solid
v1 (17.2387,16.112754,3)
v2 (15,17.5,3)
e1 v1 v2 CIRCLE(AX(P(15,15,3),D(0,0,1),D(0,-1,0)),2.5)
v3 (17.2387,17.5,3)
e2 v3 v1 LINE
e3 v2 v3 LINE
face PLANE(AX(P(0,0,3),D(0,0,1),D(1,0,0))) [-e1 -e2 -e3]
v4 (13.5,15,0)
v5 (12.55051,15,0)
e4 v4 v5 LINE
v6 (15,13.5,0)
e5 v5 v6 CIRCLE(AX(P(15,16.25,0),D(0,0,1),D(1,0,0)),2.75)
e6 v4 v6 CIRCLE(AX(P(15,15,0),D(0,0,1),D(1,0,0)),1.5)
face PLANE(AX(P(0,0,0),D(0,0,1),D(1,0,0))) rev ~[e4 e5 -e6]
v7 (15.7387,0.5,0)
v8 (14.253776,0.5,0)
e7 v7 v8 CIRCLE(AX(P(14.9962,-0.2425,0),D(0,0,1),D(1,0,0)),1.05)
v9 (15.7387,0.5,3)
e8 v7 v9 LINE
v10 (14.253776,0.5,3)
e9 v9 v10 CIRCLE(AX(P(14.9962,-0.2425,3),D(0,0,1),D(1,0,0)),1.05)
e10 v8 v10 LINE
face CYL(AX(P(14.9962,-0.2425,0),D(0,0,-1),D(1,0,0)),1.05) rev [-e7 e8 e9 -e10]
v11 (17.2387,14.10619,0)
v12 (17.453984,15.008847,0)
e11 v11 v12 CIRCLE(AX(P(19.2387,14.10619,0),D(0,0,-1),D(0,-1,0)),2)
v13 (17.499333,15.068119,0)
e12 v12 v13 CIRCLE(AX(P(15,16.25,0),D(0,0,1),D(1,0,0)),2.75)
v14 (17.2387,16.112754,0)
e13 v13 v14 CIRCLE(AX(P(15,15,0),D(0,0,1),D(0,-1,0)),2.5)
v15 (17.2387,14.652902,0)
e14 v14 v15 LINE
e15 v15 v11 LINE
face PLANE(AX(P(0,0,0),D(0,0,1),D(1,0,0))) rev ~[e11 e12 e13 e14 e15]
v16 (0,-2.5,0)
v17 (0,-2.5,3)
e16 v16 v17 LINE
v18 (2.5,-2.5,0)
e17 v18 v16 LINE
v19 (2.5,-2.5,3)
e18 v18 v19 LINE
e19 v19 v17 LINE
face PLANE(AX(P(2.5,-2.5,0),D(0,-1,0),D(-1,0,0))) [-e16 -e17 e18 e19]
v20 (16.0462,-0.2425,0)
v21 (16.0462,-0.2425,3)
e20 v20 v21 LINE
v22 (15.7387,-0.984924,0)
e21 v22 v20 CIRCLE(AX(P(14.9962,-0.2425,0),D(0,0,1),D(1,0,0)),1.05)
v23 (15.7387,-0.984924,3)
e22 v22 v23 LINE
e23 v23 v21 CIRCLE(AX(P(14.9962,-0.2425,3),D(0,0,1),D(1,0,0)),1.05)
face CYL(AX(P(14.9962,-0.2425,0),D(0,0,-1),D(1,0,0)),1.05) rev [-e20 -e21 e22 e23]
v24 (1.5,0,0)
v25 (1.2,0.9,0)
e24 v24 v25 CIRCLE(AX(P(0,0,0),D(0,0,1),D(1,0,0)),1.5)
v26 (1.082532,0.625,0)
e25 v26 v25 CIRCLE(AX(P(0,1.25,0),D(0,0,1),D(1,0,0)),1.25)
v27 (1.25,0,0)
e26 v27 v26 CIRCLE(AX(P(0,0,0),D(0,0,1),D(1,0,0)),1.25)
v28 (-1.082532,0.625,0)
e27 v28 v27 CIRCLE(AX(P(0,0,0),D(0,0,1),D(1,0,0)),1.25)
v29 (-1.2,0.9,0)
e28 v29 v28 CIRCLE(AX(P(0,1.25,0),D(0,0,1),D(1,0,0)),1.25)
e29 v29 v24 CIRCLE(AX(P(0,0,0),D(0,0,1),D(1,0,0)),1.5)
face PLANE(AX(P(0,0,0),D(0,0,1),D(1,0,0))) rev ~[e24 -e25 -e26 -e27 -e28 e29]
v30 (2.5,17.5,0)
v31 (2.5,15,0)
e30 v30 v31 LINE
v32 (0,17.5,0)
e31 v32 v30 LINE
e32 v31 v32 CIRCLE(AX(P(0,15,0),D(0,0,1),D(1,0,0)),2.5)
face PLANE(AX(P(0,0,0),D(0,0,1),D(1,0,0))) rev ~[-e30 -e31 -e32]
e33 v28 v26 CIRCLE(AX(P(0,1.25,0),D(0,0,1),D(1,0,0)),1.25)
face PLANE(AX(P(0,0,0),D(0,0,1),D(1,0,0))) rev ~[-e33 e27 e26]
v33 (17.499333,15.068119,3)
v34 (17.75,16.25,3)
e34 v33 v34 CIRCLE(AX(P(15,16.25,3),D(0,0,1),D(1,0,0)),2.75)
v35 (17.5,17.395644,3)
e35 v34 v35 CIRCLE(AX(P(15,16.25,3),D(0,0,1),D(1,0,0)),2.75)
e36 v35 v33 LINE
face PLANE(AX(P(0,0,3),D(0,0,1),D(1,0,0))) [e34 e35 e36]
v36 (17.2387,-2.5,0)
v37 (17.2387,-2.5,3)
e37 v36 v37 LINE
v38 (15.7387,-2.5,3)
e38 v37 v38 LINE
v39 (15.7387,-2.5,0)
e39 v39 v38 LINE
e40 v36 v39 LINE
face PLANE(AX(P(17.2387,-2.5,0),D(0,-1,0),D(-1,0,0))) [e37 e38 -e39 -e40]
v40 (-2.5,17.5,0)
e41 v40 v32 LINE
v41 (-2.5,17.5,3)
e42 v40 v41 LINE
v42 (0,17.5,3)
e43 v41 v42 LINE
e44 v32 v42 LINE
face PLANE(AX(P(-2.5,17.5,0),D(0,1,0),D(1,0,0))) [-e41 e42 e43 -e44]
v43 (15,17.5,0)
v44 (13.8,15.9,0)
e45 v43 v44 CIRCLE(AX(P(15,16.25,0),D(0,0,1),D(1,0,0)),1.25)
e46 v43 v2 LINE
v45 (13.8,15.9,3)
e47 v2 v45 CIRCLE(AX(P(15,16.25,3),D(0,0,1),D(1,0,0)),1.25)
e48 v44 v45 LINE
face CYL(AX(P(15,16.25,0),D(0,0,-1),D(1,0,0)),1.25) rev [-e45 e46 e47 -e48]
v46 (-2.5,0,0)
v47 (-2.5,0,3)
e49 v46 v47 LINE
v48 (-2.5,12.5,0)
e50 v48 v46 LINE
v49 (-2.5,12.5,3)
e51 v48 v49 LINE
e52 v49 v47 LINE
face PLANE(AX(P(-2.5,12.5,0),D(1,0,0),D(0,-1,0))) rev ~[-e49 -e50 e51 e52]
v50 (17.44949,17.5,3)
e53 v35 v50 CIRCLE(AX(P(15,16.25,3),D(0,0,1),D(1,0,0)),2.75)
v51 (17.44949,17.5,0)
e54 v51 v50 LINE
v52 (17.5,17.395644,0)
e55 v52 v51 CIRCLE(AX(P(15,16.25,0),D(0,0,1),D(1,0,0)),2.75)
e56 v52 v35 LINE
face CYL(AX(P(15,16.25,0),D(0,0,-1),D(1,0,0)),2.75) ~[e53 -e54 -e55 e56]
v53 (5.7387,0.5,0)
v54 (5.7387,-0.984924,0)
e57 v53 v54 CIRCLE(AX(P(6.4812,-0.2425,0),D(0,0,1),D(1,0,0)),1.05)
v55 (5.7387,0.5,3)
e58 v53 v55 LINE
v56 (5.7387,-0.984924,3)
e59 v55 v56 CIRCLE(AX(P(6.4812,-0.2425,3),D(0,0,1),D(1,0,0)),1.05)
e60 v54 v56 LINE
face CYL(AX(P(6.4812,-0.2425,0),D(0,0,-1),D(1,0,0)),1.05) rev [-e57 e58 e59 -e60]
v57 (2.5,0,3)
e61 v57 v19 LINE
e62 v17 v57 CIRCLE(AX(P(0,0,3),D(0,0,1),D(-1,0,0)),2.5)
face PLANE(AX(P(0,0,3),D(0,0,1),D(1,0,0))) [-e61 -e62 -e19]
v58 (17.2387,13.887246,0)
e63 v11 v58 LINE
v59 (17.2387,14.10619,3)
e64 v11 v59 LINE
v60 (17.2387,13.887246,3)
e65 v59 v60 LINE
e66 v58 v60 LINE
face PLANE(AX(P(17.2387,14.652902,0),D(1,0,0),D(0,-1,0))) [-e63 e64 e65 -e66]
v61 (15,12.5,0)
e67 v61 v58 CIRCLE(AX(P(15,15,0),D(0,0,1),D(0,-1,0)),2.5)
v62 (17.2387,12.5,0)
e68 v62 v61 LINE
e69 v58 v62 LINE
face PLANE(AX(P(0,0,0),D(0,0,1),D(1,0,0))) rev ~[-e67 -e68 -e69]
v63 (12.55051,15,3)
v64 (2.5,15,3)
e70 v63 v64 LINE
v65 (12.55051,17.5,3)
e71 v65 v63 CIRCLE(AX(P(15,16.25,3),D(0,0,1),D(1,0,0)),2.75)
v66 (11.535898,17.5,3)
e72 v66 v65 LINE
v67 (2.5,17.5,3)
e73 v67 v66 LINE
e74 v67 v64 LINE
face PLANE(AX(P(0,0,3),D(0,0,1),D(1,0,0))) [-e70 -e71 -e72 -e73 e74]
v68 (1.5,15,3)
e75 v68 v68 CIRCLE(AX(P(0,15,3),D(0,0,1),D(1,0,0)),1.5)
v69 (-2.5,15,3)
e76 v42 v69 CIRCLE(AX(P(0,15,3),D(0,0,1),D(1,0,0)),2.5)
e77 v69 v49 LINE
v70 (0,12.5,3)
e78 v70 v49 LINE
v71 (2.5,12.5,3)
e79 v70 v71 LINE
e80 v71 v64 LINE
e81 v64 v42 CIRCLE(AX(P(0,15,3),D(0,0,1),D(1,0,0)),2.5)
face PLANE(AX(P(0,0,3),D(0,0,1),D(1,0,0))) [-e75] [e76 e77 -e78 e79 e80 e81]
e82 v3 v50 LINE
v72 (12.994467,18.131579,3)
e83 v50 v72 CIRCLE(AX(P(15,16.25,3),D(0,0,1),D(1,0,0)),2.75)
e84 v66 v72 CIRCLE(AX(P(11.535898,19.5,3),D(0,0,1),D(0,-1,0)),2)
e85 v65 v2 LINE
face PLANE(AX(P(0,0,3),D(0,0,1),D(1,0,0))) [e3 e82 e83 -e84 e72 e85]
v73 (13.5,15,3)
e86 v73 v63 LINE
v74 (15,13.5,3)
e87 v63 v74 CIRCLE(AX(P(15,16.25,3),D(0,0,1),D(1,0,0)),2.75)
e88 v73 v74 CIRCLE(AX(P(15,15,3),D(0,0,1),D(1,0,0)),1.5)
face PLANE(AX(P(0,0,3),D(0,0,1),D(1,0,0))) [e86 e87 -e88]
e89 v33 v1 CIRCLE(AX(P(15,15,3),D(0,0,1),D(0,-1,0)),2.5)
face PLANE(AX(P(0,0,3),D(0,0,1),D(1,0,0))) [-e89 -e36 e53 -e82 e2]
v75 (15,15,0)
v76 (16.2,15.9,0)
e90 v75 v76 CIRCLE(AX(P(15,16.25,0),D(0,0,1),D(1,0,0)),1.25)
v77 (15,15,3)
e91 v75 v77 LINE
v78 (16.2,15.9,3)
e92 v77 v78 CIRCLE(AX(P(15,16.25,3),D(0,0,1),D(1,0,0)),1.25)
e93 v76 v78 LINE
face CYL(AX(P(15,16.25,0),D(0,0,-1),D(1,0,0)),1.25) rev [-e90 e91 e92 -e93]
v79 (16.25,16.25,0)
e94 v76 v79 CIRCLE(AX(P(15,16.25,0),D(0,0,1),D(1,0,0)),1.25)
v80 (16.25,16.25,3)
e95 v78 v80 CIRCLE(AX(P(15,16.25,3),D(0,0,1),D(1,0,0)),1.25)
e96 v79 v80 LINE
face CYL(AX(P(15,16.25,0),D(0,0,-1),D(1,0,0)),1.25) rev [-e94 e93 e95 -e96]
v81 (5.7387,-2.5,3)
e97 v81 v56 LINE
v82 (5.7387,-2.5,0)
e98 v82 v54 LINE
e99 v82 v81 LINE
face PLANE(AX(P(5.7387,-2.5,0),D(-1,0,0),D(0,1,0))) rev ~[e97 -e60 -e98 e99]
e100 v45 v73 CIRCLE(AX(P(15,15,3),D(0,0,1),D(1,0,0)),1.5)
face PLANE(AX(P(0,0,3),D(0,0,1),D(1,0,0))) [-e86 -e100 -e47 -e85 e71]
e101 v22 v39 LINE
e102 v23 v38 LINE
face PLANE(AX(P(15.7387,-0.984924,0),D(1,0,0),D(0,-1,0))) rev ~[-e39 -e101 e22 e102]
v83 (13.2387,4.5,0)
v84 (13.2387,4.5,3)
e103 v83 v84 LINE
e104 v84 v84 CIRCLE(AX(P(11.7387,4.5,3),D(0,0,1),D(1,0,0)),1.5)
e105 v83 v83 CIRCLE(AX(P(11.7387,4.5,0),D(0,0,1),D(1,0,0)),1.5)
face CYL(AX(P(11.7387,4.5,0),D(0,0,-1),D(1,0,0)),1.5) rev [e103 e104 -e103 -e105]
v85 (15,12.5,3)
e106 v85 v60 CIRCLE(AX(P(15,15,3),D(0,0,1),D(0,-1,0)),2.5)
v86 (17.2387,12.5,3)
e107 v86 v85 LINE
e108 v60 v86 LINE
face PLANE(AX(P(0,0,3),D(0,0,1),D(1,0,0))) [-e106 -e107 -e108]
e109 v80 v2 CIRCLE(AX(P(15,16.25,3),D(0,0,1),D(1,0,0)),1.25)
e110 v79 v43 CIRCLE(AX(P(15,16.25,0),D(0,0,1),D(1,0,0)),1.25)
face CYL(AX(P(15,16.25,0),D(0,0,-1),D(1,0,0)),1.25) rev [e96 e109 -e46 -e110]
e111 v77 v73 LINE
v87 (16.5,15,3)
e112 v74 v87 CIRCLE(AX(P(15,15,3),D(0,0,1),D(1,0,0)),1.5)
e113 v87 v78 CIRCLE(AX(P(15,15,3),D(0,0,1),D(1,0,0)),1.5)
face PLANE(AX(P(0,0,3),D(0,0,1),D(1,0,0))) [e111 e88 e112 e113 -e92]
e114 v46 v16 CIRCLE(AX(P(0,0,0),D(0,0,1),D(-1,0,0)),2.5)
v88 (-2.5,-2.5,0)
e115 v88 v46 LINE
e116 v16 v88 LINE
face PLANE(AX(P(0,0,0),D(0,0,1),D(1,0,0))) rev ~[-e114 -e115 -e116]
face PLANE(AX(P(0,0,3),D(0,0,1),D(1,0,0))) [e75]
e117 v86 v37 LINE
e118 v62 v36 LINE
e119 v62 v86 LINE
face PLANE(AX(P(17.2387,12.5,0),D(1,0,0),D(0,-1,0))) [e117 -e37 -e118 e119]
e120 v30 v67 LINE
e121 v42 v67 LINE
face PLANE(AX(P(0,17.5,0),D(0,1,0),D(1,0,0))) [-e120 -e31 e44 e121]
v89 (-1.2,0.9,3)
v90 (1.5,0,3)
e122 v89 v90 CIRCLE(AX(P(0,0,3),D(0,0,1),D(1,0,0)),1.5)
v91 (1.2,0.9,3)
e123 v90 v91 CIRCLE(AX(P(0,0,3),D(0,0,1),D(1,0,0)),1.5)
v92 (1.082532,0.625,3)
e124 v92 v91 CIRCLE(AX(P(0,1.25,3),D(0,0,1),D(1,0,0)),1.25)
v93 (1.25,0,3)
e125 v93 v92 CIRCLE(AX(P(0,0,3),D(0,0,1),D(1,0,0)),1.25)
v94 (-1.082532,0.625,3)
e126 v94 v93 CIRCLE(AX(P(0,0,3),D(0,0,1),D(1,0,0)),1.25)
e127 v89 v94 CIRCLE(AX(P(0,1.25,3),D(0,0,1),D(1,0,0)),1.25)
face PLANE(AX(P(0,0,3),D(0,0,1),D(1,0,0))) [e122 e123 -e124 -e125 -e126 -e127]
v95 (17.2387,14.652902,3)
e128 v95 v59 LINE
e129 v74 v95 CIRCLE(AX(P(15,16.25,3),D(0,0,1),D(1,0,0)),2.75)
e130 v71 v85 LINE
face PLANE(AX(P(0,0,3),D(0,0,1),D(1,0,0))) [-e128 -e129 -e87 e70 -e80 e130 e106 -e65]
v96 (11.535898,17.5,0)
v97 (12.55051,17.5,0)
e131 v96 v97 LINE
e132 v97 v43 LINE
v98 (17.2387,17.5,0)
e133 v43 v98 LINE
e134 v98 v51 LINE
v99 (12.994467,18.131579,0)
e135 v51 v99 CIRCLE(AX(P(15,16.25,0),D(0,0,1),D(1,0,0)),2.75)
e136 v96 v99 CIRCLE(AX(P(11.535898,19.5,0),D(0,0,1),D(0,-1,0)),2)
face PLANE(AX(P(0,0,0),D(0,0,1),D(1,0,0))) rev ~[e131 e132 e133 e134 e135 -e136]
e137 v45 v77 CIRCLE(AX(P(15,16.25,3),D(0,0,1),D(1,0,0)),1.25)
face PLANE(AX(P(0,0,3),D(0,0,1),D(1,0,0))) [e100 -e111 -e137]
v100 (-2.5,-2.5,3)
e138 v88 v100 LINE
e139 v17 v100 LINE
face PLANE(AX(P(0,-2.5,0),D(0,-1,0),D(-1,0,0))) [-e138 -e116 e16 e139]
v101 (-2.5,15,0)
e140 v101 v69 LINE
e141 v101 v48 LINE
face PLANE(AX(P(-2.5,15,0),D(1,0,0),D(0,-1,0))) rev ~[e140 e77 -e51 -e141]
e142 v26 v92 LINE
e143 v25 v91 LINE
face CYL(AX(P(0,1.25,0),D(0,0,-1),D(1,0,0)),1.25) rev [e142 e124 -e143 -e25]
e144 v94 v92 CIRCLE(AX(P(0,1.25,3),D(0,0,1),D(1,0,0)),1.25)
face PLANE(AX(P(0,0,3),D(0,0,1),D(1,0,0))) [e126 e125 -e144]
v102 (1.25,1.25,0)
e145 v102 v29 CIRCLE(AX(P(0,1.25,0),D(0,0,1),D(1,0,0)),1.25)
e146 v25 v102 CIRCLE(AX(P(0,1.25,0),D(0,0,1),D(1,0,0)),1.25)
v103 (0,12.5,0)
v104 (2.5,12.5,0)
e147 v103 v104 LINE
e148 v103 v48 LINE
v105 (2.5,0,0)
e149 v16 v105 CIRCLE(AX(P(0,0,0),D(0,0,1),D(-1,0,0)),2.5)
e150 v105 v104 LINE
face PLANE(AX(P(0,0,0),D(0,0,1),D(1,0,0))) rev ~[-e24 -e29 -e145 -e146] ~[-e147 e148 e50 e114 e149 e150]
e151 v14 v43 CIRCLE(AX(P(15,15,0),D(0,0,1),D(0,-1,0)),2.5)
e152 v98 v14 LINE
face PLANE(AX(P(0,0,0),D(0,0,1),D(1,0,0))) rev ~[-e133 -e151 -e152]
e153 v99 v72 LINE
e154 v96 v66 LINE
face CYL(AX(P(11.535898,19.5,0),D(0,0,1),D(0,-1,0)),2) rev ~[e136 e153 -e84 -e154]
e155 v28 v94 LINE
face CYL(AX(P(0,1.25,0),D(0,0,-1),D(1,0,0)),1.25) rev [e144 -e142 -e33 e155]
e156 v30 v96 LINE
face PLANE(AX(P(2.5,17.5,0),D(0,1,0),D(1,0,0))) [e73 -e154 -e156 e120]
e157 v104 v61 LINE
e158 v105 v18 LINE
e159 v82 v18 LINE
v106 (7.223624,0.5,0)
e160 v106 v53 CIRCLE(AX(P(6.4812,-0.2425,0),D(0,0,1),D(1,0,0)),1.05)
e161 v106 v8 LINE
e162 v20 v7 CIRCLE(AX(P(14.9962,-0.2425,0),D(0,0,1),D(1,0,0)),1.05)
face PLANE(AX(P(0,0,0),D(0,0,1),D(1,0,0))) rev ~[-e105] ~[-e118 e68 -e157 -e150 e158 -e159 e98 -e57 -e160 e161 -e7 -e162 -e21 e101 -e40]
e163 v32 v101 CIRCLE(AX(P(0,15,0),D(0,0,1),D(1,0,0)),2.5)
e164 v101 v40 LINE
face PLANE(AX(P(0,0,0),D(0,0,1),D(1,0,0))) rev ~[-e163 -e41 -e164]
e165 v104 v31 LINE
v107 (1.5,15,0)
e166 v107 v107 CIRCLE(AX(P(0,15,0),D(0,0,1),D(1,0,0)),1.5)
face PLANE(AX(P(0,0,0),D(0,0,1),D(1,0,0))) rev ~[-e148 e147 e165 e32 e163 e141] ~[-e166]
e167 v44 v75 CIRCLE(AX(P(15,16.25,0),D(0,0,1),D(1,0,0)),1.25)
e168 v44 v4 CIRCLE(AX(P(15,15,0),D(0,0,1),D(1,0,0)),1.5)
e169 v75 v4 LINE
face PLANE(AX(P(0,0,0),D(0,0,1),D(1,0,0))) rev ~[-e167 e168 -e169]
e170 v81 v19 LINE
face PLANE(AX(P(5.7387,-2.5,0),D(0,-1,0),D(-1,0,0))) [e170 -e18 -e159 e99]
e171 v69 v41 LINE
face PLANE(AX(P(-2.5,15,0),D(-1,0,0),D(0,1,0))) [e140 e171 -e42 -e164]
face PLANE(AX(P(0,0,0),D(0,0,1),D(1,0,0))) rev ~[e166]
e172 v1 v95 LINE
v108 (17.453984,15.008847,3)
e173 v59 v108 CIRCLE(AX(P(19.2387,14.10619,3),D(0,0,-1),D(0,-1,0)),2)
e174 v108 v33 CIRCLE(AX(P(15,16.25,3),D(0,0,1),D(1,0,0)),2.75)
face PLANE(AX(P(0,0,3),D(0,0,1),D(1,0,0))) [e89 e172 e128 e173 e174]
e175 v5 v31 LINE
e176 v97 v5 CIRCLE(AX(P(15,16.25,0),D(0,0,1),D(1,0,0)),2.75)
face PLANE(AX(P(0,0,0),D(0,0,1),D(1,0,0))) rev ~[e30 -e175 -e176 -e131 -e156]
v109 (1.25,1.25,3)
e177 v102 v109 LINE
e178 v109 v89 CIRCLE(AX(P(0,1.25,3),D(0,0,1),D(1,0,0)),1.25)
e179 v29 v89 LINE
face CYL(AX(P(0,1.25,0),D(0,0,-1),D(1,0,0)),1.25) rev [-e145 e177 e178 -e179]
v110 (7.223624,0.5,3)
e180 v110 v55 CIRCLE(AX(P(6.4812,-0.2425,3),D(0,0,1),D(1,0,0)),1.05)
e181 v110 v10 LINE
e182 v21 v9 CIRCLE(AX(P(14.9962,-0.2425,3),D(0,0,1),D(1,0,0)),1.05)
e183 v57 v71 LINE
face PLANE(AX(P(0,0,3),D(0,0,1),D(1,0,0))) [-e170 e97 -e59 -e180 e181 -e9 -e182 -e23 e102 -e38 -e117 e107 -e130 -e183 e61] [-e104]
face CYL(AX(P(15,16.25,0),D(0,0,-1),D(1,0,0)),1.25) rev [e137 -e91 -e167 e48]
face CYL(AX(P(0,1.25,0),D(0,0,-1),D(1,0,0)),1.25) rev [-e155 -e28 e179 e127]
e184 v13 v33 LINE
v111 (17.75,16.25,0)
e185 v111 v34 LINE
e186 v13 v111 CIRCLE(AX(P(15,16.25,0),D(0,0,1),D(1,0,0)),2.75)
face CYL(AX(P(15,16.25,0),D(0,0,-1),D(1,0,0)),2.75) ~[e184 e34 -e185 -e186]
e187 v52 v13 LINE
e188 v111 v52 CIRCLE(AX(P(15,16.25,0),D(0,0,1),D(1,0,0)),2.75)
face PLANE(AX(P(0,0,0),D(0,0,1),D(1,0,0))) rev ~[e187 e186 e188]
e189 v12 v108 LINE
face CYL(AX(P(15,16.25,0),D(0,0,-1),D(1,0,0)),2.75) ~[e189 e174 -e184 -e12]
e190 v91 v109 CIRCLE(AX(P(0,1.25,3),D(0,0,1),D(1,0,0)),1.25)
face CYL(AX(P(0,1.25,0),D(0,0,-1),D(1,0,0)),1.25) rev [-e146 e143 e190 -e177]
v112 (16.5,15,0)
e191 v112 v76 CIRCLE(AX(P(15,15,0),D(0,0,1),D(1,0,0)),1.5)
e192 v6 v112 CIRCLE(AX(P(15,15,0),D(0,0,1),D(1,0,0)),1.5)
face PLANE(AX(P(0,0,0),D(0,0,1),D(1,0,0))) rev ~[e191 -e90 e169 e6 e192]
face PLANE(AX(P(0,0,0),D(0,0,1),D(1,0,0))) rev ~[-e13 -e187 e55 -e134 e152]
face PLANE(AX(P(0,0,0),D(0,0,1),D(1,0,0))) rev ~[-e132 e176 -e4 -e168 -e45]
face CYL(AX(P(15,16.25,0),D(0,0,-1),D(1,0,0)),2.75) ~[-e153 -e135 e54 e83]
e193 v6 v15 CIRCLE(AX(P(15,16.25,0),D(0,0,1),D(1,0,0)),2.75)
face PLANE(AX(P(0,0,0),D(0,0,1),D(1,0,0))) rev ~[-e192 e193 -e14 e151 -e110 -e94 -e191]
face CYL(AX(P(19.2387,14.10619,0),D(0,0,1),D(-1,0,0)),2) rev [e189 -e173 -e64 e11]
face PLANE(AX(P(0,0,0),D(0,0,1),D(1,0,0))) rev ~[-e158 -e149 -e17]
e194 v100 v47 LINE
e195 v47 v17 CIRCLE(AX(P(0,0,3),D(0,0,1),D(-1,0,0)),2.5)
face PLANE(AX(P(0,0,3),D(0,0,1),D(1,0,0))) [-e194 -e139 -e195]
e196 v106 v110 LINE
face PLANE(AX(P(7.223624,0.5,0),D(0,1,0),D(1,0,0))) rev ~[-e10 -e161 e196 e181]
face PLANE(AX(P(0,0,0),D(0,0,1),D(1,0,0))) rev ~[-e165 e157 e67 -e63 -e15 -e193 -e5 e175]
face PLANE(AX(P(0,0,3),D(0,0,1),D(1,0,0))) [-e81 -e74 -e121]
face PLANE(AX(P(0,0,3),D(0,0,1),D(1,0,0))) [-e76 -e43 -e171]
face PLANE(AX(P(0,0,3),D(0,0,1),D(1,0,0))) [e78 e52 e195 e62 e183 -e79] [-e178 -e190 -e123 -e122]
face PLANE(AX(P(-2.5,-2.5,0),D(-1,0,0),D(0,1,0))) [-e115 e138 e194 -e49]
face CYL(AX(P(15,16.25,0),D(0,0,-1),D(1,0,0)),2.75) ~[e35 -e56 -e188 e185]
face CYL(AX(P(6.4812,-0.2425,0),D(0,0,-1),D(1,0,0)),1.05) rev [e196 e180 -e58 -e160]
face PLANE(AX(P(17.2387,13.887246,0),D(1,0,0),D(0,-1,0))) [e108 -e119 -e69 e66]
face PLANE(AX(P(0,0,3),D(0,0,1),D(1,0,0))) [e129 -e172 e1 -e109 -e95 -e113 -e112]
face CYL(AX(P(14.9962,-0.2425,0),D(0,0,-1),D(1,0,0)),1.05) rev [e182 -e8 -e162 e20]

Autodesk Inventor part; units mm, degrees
ref_plane "YZ Plane" through (0, 0, 0) normal (1, 0, 0) x (0, 1, 0)
ref_plane "XZ Plane" through (0, 0, 0) normal (0, 1, 0) x (-1, 0, 0)
ref_plane "XY Plane" through (0, 0, 0) normal (0, 0, 1) x (1, 0, 0)
sketch "スケッチ1" plane through (0, 0, 0) normal (0, 0, 1) x (1, 0, 0)
  line L0 (0, 0) -> (0, 15) construction
  line L1 (2.5, 0) -> (2.5, 15)
  line L2 (-2.5, 15) -> (-2.5, 0)
  arc A0 (-2.5, 0) -> (2.5, 0) centre (0, 0) ccw
  arc A1 (2.5, 15) -> (-2.5, 15) centre (0, 15) ccw
  circle A2 centre (0, 15) radius 1.5
  circle A3 centre (0, 0) radius 1.5
  line L3 (-2.5, 17.5) -> (2.5, 17.5)
  line L4 (2.5, 17.5) -> (2.5, -2.5)
  line L5 (2.5, -2.5) -> (-2.5, -2.5)
  line L6 (-2.5, -2.5) -> (-2.5, 17.5)
  line L7 (0, 12.5) -> (15, 12.5)
  line L8 (17.5, 12.5) -> (-2.5, 12.5)
  line L9 (17.5, 17.5) -> (17.5, 12.5)
  line L10 (-2.5, 17.5) -> (17.5, 17.5)
  arc A4 (15, 12.5) -> (15, 17.5) centre (15, 15) ccw
  circle A5 centre (15, 15) radius 1.5
  line L11 (-2.5, 17.5) -> (17.2387, 17.5)
  line L12 (17.2387, 17.5) -> (17.2387, -2.5)
  line L13 (17.2387, -2.5) -> (-2.5, -2.5)
  line L14 (-2.5, -2.5) -> (-2.5, 17.5)
  line L15 (15.7387, -2.5) -> (5.7387, -2.5)
  line L16 (5.7387, -2.5) -> (5.7387, 0.5)
  line L17 (5.7387, 0.5) -> (15.7387, 0.5)
  line L18 (15.7387, 0.5) -> (15.7387, -2.5)
  circle A6 centre (11.7387, 4.5) radius 1.5
  circle A7 centre (0, 0) radius 1.25
  circle A8 centre (15, 15) radius 1.25 construction
  circle A9 centre (0, 1.25) radius 1.25
  circle A10 centre (15, 16.25) radius 1.25
  line L19 (15, 16.25) -> (15, 15)
  circle A11 centre (15, 16.25) radius 2.75
  circle A12 centre (6.4812, -0.2425) radius 1.05
  circle A13 centre (14.9962, -0.2425) radius 1.05
  line L20 (14.9962, -0.2425) -> (15.7387, 0.5)
  line L21 (5.7387, 0.5) -> (6.4812, -0.2425)
  line L22 (15, 15) -> (0, 15)
  point P0 (0, 7.5)
  point P1 (0, -2.5)
  point P2 (2.5, 0)
  point P3 (0, 17.5)
  point P4 (2.5, 15)
  point P5 (2.5, 15)
  point P6 (2.5, 0)
  point P7 (2.5, -2.5)
  point P8 (17.5, 12.5)
  point P9 (17.2387, 12.5)
  point P10 (2.5, 12.5)
  point P11 (-2.5, 12.5)
  point P12 (15, 15.625)
  point P13 (17.4495, 17.5)
  point P14 (12.5505, 17.5)
  point P15 (5.7387, -0.9849)
  point P16 (7.2236, 0.5)
  point P17 (14.2538, 0.5)
  point P18 (15.7387, -0.9849)
  point P19 (16.5612, 17.5)
  point P20 (12.5505, 17.5)
  point P21 (17.2387, 14.6529)
  point P22 (0, 17.5)
  dimension "d28" = 2.1
  dimension "d29" = 2.1
  dimension "d0" = 5
  dimension "d1" = 15
  dimension "d2" = 3
  dimension "d3" = 3
  dimension "d8" = 90
  dimension "d10" = 10
  dimension "d11" = 3
  dimension "d12" = 1.5
  dimension "d13" = 3
  dimension "d14" = 4
  dimension "d15" = 4
  dimension "d16" = 2.5
  dimension "d17" = 2.5
  dimension "d22" = 2.5
  dimension "d23" = 1.25
  dimension "d24" = 2.5
  dimension "d25" = 1.25
  dimension "d26" = 5.5
  dimension "d30" = 45
  dimension "d31" = 45
  dimension "d32" = 11.7387
extrude "押し出し1" add sketch "スケッチ1" along normal blind 3 contours A0 L2 L8 L7 L1 | L4 L5 A0 | L1 L7 L8 L12 L13 L18 A13 L17 A12 L16 L4 | A2 | L7 L8 L2 A1 L1 | L1 L22 A11 L12 A4 L7 | L5 L6 A0 | A1 L3 L4 | L4 L10 A11 L22 | A4 L12 L8 | A1 L6 L3 | L22 A5 A11 | A11 L10 A10 A5 L22 | A11 L10 | A5 L22 A10 | A5 A10 A4 L12 A11 | A5 A10 L22 | A4 L12 L10 A11 L9 | A11 L12 A4 | L9 A11 | L10 L12 A4 | A3 A9 A7 | A7 A9 picked at (17.2844, 15.5147) picked at (1.4027, -0.1172) picked at (-0.0628, -0.8242)
thread "ねじ1"
fillet "フィレット1" radius 2 2 edges at (12.5505, 17.5, 1.5) (17.2387, 14.6529, 1.5)
sketch "スケッチ2" plane through (0, 0, 3) normal (0, 0, 1) x (1, 0, 0)
  line L0 (-2.5, 17.5) -> (-2.5, -2.5)
  line L1 (-2.5, -2.5) -> (5.7387, -2.5)
  line L2 (5.7387, -2.5) -> (5.7387, -0.9849)
  arc A0 (7.2236, 0.5) -> (5.7387, -0.9849) centre (6.4812, -0.2425) ccw
  line L3 (7.2236, 0.5) -> (14.2538, 0.5)
  arc A1 (15.7387, -0.9849) -> (14.2538, 0.5) centre (14.9962, -0.2425) ccw
  line L4 (15.7387, -0.9849) -> (15.7387, -2.5)
  line L5 (15.7387, -2.5) -> (17.2387, -2.5)
  line L6 (17.2387, -2.5) -> (17.2387, 14.1062)
  arc A2 (17.454, 15.0089) -> (17.2387, 14.1062) centre (19.2387, 14.1062) ccw
  arc A3 (17.454, 15.0089) -> (12.9945, 18.1316) centre (15, 16.25) ccw
  arc A4 (11.5359, 17.5) -> (12.9945, 18.1316) centre (11.5359, 19.5) ccw
  line L7 (11.5359, 17.5) -> (-2.5, 17.5)
  circle A5 centre (15, 16.25) radius 1.25
  circle A6 centre (11.7387, 4.5) radius 1.5
  circle A7 centre (0, 1.25) radius 1.25
  point P0 (0, 0)
properties part number "カウンター展開支柱test" material "ポリカーボネート、スモーク"
